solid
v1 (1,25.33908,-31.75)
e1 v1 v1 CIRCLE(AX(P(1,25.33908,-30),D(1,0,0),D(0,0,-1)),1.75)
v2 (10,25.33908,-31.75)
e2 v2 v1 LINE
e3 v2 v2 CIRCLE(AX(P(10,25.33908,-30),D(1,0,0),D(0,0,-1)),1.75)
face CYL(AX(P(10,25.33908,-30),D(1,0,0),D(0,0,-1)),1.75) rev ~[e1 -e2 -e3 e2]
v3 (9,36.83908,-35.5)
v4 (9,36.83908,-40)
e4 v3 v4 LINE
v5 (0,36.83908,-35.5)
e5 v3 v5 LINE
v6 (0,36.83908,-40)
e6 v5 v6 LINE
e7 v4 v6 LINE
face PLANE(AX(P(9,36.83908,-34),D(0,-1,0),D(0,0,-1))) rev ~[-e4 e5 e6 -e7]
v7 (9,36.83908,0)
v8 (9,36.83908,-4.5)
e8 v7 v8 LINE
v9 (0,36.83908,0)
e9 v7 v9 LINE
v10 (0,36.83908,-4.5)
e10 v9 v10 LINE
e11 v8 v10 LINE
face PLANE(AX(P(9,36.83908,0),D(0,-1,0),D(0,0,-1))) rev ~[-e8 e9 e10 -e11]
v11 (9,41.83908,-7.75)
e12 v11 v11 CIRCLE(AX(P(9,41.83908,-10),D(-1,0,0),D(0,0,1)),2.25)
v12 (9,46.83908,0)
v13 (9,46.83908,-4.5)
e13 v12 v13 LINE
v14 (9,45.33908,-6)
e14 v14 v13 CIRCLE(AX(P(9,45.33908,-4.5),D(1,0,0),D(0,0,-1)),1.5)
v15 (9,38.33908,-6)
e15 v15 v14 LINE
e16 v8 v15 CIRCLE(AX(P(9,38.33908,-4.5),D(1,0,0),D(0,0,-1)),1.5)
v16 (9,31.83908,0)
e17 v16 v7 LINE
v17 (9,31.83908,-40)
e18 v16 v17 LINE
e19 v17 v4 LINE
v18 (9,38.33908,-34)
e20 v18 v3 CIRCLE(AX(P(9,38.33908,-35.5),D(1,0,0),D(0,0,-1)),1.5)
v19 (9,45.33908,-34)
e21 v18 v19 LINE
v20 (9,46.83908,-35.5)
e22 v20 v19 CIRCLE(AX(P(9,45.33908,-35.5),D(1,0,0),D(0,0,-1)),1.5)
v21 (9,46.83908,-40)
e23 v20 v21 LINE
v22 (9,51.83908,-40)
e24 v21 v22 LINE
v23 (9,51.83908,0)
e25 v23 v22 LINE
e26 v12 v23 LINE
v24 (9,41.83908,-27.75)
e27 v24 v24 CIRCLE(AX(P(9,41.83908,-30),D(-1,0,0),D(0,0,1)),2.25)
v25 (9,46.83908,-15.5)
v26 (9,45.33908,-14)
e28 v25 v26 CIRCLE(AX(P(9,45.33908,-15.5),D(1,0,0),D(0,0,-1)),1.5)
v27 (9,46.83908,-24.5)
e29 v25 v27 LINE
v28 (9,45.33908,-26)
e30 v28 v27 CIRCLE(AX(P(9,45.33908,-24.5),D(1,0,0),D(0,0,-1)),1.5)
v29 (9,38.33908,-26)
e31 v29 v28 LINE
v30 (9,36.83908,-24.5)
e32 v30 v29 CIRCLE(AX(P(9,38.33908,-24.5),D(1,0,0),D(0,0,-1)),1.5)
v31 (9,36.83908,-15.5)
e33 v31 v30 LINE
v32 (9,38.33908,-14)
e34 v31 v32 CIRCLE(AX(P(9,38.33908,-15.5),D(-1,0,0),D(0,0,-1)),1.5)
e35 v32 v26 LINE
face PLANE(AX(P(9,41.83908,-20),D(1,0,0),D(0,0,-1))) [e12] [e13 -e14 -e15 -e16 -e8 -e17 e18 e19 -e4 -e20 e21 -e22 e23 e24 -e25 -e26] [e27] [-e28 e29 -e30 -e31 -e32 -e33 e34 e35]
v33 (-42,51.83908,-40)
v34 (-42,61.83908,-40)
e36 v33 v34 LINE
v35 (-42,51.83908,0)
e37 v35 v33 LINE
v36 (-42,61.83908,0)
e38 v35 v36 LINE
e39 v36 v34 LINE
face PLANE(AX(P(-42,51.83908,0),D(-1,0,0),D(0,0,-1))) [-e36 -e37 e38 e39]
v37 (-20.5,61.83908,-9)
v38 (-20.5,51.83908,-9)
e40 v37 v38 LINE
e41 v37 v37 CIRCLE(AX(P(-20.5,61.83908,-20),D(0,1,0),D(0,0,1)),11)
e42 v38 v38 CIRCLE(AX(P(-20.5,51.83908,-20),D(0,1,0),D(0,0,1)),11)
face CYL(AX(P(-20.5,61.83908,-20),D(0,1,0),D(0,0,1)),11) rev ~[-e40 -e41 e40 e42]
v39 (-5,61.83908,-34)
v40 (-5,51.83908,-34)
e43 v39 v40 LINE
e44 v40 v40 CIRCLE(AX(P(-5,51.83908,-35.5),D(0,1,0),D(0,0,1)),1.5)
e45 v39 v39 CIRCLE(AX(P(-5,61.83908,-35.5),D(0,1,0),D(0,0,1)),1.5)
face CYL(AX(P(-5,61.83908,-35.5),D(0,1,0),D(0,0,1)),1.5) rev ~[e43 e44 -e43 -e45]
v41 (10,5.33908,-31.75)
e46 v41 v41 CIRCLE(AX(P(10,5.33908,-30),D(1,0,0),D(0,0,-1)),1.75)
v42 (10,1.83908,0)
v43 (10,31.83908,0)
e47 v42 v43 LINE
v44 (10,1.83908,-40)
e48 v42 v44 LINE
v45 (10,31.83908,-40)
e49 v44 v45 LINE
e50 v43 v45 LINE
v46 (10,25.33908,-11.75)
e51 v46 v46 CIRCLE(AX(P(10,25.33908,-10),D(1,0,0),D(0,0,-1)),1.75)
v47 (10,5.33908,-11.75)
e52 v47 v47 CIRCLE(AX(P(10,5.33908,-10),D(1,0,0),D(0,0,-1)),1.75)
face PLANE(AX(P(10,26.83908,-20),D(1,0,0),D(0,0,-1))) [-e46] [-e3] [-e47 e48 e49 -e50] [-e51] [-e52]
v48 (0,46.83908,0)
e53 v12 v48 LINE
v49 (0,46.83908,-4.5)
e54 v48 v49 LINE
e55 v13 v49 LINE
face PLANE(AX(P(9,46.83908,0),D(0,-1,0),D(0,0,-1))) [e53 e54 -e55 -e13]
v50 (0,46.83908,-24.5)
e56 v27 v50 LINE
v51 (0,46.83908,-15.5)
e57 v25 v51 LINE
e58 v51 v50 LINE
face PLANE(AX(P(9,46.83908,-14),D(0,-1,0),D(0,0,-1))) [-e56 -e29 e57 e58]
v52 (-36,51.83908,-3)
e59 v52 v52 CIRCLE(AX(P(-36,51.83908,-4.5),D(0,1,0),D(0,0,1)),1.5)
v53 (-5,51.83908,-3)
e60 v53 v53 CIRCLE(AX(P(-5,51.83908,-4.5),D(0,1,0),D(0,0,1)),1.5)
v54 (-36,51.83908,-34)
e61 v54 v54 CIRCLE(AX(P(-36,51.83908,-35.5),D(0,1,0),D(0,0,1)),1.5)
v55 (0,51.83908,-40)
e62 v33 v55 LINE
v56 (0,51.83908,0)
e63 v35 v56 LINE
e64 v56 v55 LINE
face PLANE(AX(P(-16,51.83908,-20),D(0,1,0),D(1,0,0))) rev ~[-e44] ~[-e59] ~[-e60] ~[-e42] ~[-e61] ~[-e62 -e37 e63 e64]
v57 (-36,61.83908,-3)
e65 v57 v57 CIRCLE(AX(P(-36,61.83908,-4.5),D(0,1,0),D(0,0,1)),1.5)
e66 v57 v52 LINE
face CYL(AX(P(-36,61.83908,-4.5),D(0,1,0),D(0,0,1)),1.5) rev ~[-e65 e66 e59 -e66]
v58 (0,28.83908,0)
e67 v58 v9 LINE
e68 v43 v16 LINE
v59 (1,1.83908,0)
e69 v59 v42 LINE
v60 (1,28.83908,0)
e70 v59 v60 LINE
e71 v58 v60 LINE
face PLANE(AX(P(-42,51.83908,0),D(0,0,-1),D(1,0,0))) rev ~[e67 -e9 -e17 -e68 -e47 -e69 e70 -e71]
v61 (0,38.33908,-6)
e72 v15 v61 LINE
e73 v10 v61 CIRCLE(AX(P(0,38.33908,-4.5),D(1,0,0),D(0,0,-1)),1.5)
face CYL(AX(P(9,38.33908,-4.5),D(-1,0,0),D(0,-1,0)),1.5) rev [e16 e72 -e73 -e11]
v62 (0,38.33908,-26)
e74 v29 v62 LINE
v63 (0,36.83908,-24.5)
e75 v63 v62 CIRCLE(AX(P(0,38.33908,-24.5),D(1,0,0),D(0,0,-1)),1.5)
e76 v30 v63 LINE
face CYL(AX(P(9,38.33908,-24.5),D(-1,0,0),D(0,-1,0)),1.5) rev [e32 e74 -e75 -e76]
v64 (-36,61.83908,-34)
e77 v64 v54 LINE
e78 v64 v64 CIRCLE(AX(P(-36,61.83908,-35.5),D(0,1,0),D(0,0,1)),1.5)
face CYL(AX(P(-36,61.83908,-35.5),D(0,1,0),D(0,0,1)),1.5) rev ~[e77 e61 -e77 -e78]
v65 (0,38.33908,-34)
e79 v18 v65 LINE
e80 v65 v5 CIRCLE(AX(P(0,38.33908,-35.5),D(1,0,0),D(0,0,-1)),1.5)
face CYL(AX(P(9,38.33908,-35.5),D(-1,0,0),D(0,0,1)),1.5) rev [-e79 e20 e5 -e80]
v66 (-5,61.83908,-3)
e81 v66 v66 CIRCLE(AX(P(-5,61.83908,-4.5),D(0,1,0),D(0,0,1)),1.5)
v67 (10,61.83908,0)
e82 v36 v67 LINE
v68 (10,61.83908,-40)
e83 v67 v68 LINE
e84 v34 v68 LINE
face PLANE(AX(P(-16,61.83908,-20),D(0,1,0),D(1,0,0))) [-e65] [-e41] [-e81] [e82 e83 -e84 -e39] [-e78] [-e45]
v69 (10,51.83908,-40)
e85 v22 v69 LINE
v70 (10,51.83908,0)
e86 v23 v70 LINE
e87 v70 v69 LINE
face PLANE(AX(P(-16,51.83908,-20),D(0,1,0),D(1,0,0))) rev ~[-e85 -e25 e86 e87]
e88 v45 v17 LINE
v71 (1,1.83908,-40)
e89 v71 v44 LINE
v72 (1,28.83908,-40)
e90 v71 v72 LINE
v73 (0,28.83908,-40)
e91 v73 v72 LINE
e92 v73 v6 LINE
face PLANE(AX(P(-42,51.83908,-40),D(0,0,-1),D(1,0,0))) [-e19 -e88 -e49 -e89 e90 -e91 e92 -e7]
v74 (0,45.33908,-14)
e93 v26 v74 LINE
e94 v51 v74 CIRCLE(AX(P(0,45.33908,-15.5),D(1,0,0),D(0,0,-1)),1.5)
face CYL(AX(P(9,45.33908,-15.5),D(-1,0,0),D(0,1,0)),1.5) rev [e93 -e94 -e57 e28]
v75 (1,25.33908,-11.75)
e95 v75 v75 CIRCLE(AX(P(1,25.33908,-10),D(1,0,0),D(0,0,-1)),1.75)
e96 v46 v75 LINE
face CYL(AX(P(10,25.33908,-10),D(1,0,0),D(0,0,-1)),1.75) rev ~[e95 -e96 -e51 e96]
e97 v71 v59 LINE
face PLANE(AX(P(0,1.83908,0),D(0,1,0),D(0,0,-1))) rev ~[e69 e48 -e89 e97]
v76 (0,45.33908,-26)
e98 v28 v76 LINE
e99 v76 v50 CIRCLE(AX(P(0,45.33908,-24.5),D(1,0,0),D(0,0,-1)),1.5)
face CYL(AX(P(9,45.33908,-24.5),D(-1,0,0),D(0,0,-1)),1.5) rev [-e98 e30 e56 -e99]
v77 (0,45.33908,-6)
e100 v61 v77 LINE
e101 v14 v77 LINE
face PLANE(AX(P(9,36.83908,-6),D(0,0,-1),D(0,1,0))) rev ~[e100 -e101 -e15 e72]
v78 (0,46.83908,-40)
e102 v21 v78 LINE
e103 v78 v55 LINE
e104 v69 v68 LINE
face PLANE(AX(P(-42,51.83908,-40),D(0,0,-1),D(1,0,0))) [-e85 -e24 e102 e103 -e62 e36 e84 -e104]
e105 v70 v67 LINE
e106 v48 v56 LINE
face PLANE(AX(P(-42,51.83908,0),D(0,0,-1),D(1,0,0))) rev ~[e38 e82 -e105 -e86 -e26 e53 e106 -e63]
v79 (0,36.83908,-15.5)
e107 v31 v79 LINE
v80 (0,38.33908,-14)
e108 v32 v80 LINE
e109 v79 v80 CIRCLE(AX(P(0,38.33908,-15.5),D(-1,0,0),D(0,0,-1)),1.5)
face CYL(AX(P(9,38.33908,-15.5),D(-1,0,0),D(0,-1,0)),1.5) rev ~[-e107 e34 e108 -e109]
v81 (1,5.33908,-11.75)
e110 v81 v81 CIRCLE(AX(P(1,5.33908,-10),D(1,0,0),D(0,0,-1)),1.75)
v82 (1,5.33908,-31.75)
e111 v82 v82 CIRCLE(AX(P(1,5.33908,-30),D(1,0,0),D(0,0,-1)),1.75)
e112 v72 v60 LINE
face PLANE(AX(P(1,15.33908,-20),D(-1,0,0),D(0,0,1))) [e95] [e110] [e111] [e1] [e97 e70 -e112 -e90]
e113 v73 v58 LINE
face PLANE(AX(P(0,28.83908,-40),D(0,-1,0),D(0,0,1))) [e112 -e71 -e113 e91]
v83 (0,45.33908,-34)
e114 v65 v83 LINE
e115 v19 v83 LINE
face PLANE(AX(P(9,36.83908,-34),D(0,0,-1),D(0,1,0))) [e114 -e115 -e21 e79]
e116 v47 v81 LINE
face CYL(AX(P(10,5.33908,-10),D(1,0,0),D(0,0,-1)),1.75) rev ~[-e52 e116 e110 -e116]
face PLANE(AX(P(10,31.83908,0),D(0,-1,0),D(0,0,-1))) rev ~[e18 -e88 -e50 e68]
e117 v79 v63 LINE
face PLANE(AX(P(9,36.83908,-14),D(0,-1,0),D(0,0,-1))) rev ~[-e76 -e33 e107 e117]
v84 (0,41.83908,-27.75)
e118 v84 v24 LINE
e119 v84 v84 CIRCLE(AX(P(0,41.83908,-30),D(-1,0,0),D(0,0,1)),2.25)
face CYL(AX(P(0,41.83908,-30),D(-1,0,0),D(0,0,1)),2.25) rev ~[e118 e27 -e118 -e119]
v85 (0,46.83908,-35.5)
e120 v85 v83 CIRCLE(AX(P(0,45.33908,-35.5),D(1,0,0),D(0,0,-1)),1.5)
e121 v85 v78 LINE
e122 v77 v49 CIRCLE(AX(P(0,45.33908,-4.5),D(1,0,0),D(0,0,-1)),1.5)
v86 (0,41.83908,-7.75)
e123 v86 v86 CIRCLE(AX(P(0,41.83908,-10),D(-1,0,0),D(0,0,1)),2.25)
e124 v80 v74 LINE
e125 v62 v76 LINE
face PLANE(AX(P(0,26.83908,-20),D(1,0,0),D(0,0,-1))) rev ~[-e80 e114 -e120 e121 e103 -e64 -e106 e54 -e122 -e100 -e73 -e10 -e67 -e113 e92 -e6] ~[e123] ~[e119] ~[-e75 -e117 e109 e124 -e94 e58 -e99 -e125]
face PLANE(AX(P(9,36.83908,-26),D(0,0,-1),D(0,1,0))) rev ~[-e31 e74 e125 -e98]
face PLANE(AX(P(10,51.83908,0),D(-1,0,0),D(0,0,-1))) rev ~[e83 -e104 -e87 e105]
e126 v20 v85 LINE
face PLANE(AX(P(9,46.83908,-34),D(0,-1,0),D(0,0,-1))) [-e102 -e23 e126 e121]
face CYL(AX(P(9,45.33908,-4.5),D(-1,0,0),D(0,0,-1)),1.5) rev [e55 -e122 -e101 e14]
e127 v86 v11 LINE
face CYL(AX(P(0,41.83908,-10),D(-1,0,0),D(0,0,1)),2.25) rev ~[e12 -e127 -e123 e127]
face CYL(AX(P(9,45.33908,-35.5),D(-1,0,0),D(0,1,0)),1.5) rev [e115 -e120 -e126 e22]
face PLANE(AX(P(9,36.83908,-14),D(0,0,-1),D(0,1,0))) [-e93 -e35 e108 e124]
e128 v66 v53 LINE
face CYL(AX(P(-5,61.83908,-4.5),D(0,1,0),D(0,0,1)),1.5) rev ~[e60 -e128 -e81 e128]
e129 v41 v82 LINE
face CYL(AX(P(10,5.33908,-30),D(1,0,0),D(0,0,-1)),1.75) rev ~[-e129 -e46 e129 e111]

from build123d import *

# Parameters (mm, degrees)
SKETCH1_W           = 40
SKETCH1_H           = 50
BOSS_EXTRUDE1_DEPTH = 10
SKETCH2_W           = 40
SKETCH2_H           = 27
CUT_EXTRUDE1_DEPTH  = 1
SKETCH3_R           = 1.75
CUT_EXTRUDE2_DEPTH  = 10
SKETCH4_W           = 40
SKETCH4_H           = 20
CUT_EXTRUDE3_DEPTH  = 1
SKETCH6_R           = 2.25
CUT_EXTRUDE4_DEPTH  = 10
SKETCH7_W           = 52
SKETCH7_H           = 40
BOSS_EXTRUDE2_DEPTH = 10
SKETCH8_R           = 11
CUT_EXTRUDE5_DEPTH  = 10
SKETCH9_W           = 6
SKETCH9_H           = 10
SKETCH9_W_2         = 12
CUT_EXTRUDE6_DEPTH  = 10
SKETCH10_R          = 1.5
CUT_EXTRUDE7_DEPTH  = 10
FILLET1_R           = 1.5
FILLET2_R           = 1.5


with BuildPart() as part:
    # Sketch1 → Boss-Extrude1 (new body)
    with BuildSketch(Plane(origin=(0, 0, 0), x_dir=(0, 0, -1), z_dir=(1, 0, 0))):
        with Locations((20, 26.83908046)):
            Rectangle(SKETCH1_W, SKETCH1_H)
    extrude(amount=BOSS_EXTRUDE1_DEPTH)

    # Sketch2 → Cut-Extrude1 (cut)
    with BuildSketch(Plane.ZY):
        with Locations((-20, 15.33908046)):
            Rectangle(SKETCH2_W, SKETCH2_H)
    extrude(amount=-CUT_EXTRUDE1_DEPTH, mode=Mode.SUBTRACT)

    # Sketch3 → Cut-Extrude2 (cut)
    with BuildSketch(Plane(origin=(10, 0, 0), x_dir=(0, 0, -1), z_dir=(1, 0, 0))):
        with Locations((10, 25.33908046)):
            Circle(SKETCH3_R)
        with Locations((30, 25.33908046)):
            Circle(SKETCH3_R)
        with Locations((30, 5.33908046)):
            Circle(SKETCH3_R)
        with Locations((10, 5.33908046)):
            Circle(SKETCH3_R)
    extrude(amount=-CUT_EXTRUDE2_DEPTH, mode=Mode.SUBTRACT)

    # Sketch4 → Cut-Extrude3 (cut)
    with BuildSketch(Plane(origin=(10, 0, 0), x_dir=(0, 0, -1), z_dir=(1, 0, 0))):
        with Locations((20, 41.83908046)):
            Rectangle(SKETCH4_W, SKETCH4_H)
    extrude(amount=-CUT_EXTRUDE3_DEPTH, mode=Mode.SUBTRACT)

    # Sketch6 → Cut-Extrude4 (cut)
    with BuildSketch(Plane.ZY):
        with Locations((-30, 41.83908046)):
            Circle(SKETCH6_R)
        with Locations((-10, 41.83908046)):
            Circle(SKETCH6_R)
    extrude(amount=-CUT_EXTRUDE4_DEPTH, mode=Mode.SUBTRACT)

    # Sketch7 → Boss-Extrude2 (add)
    with BuildSketch(Plane(origin=(0, 51.83908046, 0), x_dir=(1, 0, 0), z_dir=(0, 1, 0))):
        with Locations((-16, 20)):
            Rectangle(SKETCH7_W, SKETCH7_H)
    extrude(amount=BOSS_EXTRUDE2_DEPTH)

    # Sketch8 → Cut-Extrude5 (cut)
    with BuildSketch(Plane(origin=(0, 61.83908046, 0), x_dir=(1, 0, 0), z_dir=(0, 1, 0))):
        with Locations(Location((-20.5, 20, 0), (0, 0, 270))):
            Circle(SKETCH8_R)
    extrude(amount=-CUT_EXTRUDE5_DEPTH, mode=Mode.SUBTRACT)

    # Sketch9 → Cut-Extrude6 (cut)
    with BuildSketch(Plane(origin=(9, 0, 0), x_dir=(0, 0, -1), z_dir=(1, 0, 0))):
        with Locations((37, 41.83908046)):
            Rectangle(SKETCH9_W, SKETCH9_H)
        with Locations((20, 41.83908046)):
            Rectangle(SKETCH9_W_2, SKETCH9_H)
        with Locations((3, 41.83908046)):
            Rectangle(SKETCH9_W, SKETCH9_H)
    extrude(amount=-CUT_EXTRUDE6_DEPTH, mode=Mode.SUBTRACT)

    # Sketch10 → Cut-Extrude7 (cut)
    with BuildSketch(Plane(origin=(0, 61.83908046, 0), x_dir=(1, 0, 0), z_dir=(0, 1, 0))):
        with Locations(Location((-36, 35.5, 0), (0, 0, 270))):
            Circle(SKETCH10_R)
        with Locations(Location((-5, 35.5, 0), (0, 0, 270))):
            Circle(SKETCH10_R)
        with Locations(Location((-5, 4.5, 0), (0, 0, 270))):
            Circle(SKETCH10_R)
        with Locations(Location((-36, 4.5, 0), (0, 0, 270))):
            Circle(SKETCH10_R)
    extrude(amount=-CUT_EXTRUDE7_DEPTH, mode=Mode.SUBTRACT)

    # Fillet1
    fillet1_edges = [part.edges().sort_by_distance(p)[0] for p in [
        (4.5, 36.83908046, -14),
        (4.5, 46.83908046, -14),
        (4.5, 46.83908046, -26),
        (4.5, 36.83908046, -26),
    ]]
    fillet(fillet1_edges, radius=FILLET1_R)

    # Fillet2
    fillet2_edges = [part.edges().sort_by_distance(p)[0] for p in [
        (4.5, 36.83908046, -34),
        (4.5, 46.83908046, -34),
        (4.5, 46.83908046, -6),
        (4.5, 36.83908046, -6),
    ]]
    fillet(fillet2_edges, radius=FILLET2_R)


solid = part.part
